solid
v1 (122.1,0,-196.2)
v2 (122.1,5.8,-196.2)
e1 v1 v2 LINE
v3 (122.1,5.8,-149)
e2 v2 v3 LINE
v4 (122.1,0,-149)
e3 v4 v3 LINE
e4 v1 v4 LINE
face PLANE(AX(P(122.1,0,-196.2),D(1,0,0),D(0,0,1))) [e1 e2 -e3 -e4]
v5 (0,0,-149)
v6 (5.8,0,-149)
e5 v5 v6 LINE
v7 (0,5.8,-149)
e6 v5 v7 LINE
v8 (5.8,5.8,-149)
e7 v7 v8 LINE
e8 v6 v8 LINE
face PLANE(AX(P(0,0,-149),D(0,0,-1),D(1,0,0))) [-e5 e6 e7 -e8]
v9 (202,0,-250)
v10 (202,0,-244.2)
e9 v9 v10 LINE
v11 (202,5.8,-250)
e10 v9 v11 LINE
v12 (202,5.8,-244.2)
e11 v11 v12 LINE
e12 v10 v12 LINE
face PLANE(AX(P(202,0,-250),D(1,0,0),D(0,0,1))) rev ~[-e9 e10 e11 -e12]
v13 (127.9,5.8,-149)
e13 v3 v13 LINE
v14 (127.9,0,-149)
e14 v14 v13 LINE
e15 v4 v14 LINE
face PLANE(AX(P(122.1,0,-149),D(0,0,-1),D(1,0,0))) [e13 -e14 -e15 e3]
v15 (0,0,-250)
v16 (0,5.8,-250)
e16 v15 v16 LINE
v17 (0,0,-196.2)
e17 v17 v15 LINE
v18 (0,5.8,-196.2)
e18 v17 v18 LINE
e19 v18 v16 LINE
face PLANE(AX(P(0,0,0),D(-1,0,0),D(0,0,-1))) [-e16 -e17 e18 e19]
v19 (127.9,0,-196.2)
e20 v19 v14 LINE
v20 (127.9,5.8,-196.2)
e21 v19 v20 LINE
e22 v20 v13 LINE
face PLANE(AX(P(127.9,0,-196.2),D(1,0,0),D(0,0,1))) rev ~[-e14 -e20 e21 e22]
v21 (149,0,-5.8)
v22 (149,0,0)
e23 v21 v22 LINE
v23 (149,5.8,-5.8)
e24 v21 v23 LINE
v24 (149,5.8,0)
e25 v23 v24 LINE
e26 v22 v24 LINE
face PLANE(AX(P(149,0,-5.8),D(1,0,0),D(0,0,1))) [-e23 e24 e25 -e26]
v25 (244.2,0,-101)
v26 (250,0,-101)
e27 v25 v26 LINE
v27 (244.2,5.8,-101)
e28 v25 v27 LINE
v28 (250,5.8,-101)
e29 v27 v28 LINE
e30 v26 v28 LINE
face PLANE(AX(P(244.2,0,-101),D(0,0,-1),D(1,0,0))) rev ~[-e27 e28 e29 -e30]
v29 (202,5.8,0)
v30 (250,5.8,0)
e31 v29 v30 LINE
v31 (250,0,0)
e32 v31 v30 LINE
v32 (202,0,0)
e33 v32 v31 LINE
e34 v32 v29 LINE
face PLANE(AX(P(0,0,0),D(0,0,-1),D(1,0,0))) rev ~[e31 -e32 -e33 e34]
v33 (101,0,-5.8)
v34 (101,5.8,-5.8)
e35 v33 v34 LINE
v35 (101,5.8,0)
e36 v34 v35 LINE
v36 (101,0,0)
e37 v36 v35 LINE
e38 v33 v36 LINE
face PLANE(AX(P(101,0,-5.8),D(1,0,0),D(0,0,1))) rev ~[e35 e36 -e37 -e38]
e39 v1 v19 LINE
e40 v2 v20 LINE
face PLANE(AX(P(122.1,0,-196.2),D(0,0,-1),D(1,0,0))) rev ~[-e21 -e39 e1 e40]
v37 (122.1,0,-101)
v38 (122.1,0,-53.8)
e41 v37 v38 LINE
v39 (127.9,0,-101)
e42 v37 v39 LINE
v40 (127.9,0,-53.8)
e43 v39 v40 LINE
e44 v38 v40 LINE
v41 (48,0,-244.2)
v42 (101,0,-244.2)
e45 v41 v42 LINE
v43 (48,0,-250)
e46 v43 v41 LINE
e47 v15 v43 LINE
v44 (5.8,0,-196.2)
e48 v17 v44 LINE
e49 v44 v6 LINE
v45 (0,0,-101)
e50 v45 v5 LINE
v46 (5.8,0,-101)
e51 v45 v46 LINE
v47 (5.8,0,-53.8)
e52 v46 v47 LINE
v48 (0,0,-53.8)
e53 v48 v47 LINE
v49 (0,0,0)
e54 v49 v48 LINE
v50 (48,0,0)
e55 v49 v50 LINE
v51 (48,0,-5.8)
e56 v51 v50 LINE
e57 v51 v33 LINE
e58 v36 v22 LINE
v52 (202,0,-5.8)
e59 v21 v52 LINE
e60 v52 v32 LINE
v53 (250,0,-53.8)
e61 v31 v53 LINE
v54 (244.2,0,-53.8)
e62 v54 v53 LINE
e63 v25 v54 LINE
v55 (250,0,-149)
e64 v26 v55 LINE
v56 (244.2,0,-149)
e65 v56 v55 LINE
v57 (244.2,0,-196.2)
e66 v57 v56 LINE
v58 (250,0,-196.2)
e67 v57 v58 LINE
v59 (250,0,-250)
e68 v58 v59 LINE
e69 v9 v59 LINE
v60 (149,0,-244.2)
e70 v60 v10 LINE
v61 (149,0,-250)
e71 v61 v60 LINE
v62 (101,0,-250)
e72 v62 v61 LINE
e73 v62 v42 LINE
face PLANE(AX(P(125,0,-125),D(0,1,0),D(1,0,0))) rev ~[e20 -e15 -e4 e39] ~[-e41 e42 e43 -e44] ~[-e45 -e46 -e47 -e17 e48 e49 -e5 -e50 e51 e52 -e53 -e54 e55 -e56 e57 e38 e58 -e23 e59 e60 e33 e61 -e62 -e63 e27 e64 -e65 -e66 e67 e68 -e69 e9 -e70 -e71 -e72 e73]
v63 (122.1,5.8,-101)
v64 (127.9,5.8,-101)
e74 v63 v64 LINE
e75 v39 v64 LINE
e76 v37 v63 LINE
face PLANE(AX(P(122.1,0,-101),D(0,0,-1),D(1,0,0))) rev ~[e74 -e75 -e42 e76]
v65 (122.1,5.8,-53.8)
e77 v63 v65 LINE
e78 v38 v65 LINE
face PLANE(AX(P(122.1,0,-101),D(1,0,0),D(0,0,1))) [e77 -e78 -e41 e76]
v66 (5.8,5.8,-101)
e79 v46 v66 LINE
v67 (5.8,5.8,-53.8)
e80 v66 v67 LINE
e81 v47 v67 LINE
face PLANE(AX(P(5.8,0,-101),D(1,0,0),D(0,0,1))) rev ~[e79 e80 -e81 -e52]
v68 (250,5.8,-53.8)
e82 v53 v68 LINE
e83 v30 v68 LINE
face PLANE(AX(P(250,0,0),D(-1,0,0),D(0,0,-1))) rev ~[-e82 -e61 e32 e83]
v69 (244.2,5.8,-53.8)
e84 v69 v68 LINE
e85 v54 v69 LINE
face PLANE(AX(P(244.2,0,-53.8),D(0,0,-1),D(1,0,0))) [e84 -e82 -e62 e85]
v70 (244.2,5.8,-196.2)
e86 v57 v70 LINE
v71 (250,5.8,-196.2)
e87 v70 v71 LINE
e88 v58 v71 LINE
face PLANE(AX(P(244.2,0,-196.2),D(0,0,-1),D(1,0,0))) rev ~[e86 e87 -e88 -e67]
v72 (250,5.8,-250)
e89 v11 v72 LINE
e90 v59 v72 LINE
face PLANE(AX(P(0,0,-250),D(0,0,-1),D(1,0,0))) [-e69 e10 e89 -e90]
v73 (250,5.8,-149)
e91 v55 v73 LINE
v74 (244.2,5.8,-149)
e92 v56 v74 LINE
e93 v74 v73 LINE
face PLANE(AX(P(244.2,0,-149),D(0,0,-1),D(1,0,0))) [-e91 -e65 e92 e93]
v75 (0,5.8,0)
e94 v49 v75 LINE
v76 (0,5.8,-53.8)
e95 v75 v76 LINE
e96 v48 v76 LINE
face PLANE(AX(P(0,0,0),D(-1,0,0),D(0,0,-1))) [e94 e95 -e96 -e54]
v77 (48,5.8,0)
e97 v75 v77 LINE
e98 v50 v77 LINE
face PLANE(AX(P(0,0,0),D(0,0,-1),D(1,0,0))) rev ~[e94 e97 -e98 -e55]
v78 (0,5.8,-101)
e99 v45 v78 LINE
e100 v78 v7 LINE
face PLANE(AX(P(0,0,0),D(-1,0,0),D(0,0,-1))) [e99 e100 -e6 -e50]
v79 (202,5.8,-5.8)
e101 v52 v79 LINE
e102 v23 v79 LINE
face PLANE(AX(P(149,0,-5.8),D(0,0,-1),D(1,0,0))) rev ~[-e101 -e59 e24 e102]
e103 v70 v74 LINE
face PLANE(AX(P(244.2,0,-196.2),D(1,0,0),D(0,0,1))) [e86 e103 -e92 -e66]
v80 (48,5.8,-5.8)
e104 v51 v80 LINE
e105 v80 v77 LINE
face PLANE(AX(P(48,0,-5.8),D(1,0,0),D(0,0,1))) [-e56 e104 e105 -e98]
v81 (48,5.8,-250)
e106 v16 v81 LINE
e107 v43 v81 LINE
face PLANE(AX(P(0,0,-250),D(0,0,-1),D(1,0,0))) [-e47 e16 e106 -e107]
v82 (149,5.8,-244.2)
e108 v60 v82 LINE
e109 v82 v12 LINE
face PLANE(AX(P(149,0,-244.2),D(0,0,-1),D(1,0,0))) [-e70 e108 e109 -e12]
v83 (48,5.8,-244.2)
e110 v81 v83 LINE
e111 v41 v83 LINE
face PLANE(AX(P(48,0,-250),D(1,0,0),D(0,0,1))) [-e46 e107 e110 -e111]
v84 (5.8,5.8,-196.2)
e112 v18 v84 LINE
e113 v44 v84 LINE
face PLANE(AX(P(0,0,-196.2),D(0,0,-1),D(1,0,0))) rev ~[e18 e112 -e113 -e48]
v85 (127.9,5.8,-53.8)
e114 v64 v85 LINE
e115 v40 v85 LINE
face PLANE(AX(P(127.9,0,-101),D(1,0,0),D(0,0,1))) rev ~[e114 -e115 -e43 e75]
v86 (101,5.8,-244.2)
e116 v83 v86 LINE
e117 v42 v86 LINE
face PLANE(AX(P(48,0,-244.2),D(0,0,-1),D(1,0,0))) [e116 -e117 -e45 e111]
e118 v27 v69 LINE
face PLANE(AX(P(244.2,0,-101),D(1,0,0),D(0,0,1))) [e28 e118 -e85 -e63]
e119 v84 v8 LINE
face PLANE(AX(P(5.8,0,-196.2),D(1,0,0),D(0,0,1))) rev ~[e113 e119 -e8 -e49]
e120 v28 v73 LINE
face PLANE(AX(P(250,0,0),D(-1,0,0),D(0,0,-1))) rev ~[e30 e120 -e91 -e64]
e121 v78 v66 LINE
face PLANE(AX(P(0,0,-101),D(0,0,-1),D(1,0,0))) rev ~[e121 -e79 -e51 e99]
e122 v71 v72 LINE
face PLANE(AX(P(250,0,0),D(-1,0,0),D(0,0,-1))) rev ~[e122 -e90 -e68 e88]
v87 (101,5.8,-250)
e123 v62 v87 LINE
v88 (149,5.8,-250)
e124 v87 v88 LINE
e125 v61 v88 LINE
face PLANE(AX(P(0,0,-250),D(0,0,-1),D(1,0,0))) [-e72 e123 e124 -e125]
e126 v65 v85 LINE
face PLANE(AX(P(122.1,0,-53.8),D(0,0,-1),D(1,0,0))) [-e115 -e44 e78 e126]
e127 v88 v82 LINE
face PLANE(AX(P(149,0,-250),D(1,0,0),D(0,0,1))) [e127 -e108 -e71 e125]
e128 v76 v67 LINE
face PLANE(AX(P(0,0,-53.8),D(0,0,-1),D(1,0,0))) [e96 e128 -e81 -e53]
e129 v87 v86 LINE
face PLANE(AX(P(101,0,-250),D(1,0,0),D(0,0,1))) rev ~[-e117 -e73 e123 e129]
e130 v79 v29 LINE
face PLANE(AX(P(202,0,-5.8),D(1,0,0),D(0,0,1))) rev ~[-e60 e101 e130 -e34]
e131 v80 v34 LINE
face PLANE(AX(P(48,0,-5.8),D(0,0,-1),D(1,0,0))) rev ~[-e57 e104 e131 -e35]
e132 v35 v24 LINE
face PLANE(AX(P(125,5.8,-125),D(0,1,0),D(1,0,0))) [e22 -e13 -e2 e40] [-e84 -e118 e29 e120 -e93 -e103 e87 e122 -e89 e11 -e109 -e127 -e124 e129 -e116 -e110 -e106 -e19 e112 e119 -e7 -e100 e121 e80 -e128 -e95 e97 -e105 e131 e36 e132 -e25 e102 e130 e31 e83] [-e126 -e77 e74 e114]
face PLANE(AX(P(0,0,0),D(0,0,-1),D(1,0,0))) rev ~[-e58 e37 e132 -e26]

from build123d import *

# Parameters (mm, degrees)
SKETCH_1_W          = 250
SKETCH_1_H          = 250
EXTRUDE_1_DEPTH     = 5.8
CUT_EXTRUDE_1_REACH = 355.601
SKETCH_2_W          = 53
SKETCH_2_H          = 5.8
SKETCH_2_W_2        = 5.8
SKETCH_2_H_2        = 47.2


with BuildPart() as part:
    # Эскиз1 → Бобышка-Вытянуть1 (new body)
    with BuildSketch(Plane(origin=(0, 0, 0), x_dir=(1, 0, 0), z_dir=(0, 1, 0))):
        with Locations((125, 125)):
            Rectangle(SKETCH_1_W, SKETCH_1_H)
    extrude(amount=EXTRUDE_1_DEPTH)

    # Эскиз2 → Вырез-Вытянуть1 (cut, up to next)
    with BuildSketch(Plane.XZ, mode=Mode.PRIVATE) as cut_extrude_1_sk1:
        with Locations((74.5, -2.9)):
            Rectangle(SKETCH_2_W, SKETCH_2_H)
    cut_extrude_1_tool1 = extrude(cut_extrude_1_sk1.sketch, amount=-CUT_EXTRUDE_1_REACH, mode=Mode.PRIVATE) & part.part
    # Эскиз2 → Вырез-Вытянуть1 (cut, up to next)
    with BuildSketch(Plane.XZ, mode=Mode.PRIVATE) as cut_extrude_1_sk2:
        with Locations((175.5, -2.9)):
            Rectangle(SKETCH_2_W, SKETCH_2_H)
    cut_extrude_1_tool2 = extrude(cut_extrude_1_sk2.sketch, amount=-CUT_EXTRUDE_1_REACH, mode=Mode.PRIVATE) & part.part
    # Эскиз2 → Вырез-Вытянуть1 (cut, up to next)
    with BuildSketch(Plane.XZ, mode=Mode.PRIVATE) as cut_extrude_1_sk3:
        with Locations((125, -77.4)):
            Rectangle(SKETCH_2_W_2, SKETCH_2_H_2)
    cut_extrude_1_tool3 = extrude(cut_extrude_1_sk3.sketch, amount=-CUT_EXTRUDE_1_REACH, mode=Mode.PRIVATE) & part.part
    # Эскиз2 → Вырез-Вытянуть1 (cut, up to next)
    with BuildSketch(Plane.XZ, mode=Mode.PRIVATE) as cut_extrude_1_sk4:
        with Locations((2.9, -77.4)):
            Rectangle(SKETCH_2_W_2, SKETCH_2_H_2)
    cut_extrude_1_tool4 = extrude(cut_extrude_1_sk4.sketch, amount=-CUT_EXTRUDE_1_REACH, mode=Mode.PRIVATE) & part.part
    # Эскиз2 → Вырез-Вытянуть1 (cut, up to next)
    with BuildSketch(Plane.XZ, mode=Mode.PRIVATE) as cut_extrude_1_sk5:
        with Locations((2.9, -172.6)):
            Rectangle(SKETCH_2_W_2, SKETCH_2_H_2)
    cut_extrude_1_tool5 = extrude(cut_extrude_1_sk5.sketch, amount=-CUT_EXTRUDE_1_REACH, mode=Mode.PRIVATE) & part.part
    # Эскиз2 → Вырез-Вытянуть1 (cut, up to next)
    with BuildSketch(Plane.XZ, mode=Mode.PRIVATE) as cut_extrude_1_sk6:
        with Locations((125, -172.6)):
            Rectangle(SKETCH_2_W_2, SKETCH_2_H_2)
    cut_extrude_1_tool6 = extrude(cut_extrude_1_sk6.sketch, amount=-CUT_EXTRUDE_1_REACH, mode=Mode.PRIVATE) & part.part
    # Эскиз2 → Вырез-Вытянуть1 (cut, up to next)
    with BuildSketch(Plane.XZ, mode=Mode.PRIVATE) as cut_extrude_1_sk7:
        with Locations((74.5, -247.1)):
            Rectangle(SKETCH_2_W, SKETCH_2_H)
    cut_extrude_1_tool7 = extrude(cut_extrude_1_sk7.sketch, amount=-CUT_EXTRUDE_1_REACH, mode=Mode.PRIVATE) & part.part
    # Эскиз2 → Вырез-Вытянуть1 (cut, up to next)
    with BuildSketch(Plane.XZ, mode=Mode.PRIVATE) as cut_extrude_1_sk8:
        with Locations((175.5, -247.1)):
            Rectangle(SKETCH_2_W, SKETCH_2_H)
    cut_extrude_1_tool8 = extrude(cut_extrude_1_sk8.sketch, amount=-CUT_EXTRUDE_1_REACH, mode=Mode.PRIVATE) & part.part
    # Эскиз2 → Вырез-Вытянуть1 (cut, up to next)
    with BuildSketch(Plane.XZ, mode=Mode.PRIVATE) as cut_extrude_1_sk9:
        with Locations((247.1, -172.6)):
            Rectangle(SKETCH_2_W_2, SKETCH_2_H_2)
    cut_extrude_1_tool9 = extrude(cut_extrude_1_sk9.sketch, amount=-CUT_EXTRUDE_1_REACH, mode=Mode.PRIVATE) & part.part
    # Эскиз2 → Вырез-Вытянуть1 (cut, up to next)
    with BuildSketch(Plane.XZ, mode=Mode.PRIVATE) as cut_extrude_1_sk10:
        with Locations((247.1, -77.4)):
            Rectangle(SKETCH_2_W_2, SKETCH_2_H_2)
    cut_extrude_1_tool10 = extrude(cut_extrude_1_sk10.sketch, amount=-CUT_EXTRUDE_1_REACH, mode=Mode.PRIVATE) & part.part
    add(cut_extrude_1_tool1.solids().sort_by_distance((74.5, 0, -2.9))[0], mode=Mode.SUBTRACT)
    add(cut_extrude_1_tool2.solids().sort_by_distance((175.5, 0, -2.9))[0], mode=Mode.SUBTRACT)
    add(cut_extrude_1_tool3.solids().sort_by_distance((125, 0, -77.4))[0], mode=Mode.SUBTRACT)
    add(cut_extrude_1_tool4.solids().sort_by_distance((2.9, 0, -77.4))[0], mode=Mode.SUBTRACT)
    add(cut_extrude_1_tool5.solids().sort_by_distance((2.9, 0, -172.6))[0], mode=Mode.SUBTRACT)
    add(cut_extrude_1_tool6.solids().sort_by_distance((125, 0, -172.6))[0], mode=Mode.SUBTRACT)
    add(cut_extrude_1_tool7.solids().sort_by_distance((74.5, 0, -247.1))[0], mode=Mode.SUBTRACT)
    add(cut_extrude_1_tool8.solids().sort_by_distance((175.5, 0, -247.1))[0], mode=Mode.SUBTRACT)
    add(cut_extrude_1_tool9.solids().sort_by_distance((247.1, 0, -172.6))[0], mode=Mode.SUBTRACT)
    add(cut_extrude_1_tool10.solids().sort_by_distance((247.1, 0, -77.4))[0], mode=Mode.SUBTRACT)


solid = part.part
